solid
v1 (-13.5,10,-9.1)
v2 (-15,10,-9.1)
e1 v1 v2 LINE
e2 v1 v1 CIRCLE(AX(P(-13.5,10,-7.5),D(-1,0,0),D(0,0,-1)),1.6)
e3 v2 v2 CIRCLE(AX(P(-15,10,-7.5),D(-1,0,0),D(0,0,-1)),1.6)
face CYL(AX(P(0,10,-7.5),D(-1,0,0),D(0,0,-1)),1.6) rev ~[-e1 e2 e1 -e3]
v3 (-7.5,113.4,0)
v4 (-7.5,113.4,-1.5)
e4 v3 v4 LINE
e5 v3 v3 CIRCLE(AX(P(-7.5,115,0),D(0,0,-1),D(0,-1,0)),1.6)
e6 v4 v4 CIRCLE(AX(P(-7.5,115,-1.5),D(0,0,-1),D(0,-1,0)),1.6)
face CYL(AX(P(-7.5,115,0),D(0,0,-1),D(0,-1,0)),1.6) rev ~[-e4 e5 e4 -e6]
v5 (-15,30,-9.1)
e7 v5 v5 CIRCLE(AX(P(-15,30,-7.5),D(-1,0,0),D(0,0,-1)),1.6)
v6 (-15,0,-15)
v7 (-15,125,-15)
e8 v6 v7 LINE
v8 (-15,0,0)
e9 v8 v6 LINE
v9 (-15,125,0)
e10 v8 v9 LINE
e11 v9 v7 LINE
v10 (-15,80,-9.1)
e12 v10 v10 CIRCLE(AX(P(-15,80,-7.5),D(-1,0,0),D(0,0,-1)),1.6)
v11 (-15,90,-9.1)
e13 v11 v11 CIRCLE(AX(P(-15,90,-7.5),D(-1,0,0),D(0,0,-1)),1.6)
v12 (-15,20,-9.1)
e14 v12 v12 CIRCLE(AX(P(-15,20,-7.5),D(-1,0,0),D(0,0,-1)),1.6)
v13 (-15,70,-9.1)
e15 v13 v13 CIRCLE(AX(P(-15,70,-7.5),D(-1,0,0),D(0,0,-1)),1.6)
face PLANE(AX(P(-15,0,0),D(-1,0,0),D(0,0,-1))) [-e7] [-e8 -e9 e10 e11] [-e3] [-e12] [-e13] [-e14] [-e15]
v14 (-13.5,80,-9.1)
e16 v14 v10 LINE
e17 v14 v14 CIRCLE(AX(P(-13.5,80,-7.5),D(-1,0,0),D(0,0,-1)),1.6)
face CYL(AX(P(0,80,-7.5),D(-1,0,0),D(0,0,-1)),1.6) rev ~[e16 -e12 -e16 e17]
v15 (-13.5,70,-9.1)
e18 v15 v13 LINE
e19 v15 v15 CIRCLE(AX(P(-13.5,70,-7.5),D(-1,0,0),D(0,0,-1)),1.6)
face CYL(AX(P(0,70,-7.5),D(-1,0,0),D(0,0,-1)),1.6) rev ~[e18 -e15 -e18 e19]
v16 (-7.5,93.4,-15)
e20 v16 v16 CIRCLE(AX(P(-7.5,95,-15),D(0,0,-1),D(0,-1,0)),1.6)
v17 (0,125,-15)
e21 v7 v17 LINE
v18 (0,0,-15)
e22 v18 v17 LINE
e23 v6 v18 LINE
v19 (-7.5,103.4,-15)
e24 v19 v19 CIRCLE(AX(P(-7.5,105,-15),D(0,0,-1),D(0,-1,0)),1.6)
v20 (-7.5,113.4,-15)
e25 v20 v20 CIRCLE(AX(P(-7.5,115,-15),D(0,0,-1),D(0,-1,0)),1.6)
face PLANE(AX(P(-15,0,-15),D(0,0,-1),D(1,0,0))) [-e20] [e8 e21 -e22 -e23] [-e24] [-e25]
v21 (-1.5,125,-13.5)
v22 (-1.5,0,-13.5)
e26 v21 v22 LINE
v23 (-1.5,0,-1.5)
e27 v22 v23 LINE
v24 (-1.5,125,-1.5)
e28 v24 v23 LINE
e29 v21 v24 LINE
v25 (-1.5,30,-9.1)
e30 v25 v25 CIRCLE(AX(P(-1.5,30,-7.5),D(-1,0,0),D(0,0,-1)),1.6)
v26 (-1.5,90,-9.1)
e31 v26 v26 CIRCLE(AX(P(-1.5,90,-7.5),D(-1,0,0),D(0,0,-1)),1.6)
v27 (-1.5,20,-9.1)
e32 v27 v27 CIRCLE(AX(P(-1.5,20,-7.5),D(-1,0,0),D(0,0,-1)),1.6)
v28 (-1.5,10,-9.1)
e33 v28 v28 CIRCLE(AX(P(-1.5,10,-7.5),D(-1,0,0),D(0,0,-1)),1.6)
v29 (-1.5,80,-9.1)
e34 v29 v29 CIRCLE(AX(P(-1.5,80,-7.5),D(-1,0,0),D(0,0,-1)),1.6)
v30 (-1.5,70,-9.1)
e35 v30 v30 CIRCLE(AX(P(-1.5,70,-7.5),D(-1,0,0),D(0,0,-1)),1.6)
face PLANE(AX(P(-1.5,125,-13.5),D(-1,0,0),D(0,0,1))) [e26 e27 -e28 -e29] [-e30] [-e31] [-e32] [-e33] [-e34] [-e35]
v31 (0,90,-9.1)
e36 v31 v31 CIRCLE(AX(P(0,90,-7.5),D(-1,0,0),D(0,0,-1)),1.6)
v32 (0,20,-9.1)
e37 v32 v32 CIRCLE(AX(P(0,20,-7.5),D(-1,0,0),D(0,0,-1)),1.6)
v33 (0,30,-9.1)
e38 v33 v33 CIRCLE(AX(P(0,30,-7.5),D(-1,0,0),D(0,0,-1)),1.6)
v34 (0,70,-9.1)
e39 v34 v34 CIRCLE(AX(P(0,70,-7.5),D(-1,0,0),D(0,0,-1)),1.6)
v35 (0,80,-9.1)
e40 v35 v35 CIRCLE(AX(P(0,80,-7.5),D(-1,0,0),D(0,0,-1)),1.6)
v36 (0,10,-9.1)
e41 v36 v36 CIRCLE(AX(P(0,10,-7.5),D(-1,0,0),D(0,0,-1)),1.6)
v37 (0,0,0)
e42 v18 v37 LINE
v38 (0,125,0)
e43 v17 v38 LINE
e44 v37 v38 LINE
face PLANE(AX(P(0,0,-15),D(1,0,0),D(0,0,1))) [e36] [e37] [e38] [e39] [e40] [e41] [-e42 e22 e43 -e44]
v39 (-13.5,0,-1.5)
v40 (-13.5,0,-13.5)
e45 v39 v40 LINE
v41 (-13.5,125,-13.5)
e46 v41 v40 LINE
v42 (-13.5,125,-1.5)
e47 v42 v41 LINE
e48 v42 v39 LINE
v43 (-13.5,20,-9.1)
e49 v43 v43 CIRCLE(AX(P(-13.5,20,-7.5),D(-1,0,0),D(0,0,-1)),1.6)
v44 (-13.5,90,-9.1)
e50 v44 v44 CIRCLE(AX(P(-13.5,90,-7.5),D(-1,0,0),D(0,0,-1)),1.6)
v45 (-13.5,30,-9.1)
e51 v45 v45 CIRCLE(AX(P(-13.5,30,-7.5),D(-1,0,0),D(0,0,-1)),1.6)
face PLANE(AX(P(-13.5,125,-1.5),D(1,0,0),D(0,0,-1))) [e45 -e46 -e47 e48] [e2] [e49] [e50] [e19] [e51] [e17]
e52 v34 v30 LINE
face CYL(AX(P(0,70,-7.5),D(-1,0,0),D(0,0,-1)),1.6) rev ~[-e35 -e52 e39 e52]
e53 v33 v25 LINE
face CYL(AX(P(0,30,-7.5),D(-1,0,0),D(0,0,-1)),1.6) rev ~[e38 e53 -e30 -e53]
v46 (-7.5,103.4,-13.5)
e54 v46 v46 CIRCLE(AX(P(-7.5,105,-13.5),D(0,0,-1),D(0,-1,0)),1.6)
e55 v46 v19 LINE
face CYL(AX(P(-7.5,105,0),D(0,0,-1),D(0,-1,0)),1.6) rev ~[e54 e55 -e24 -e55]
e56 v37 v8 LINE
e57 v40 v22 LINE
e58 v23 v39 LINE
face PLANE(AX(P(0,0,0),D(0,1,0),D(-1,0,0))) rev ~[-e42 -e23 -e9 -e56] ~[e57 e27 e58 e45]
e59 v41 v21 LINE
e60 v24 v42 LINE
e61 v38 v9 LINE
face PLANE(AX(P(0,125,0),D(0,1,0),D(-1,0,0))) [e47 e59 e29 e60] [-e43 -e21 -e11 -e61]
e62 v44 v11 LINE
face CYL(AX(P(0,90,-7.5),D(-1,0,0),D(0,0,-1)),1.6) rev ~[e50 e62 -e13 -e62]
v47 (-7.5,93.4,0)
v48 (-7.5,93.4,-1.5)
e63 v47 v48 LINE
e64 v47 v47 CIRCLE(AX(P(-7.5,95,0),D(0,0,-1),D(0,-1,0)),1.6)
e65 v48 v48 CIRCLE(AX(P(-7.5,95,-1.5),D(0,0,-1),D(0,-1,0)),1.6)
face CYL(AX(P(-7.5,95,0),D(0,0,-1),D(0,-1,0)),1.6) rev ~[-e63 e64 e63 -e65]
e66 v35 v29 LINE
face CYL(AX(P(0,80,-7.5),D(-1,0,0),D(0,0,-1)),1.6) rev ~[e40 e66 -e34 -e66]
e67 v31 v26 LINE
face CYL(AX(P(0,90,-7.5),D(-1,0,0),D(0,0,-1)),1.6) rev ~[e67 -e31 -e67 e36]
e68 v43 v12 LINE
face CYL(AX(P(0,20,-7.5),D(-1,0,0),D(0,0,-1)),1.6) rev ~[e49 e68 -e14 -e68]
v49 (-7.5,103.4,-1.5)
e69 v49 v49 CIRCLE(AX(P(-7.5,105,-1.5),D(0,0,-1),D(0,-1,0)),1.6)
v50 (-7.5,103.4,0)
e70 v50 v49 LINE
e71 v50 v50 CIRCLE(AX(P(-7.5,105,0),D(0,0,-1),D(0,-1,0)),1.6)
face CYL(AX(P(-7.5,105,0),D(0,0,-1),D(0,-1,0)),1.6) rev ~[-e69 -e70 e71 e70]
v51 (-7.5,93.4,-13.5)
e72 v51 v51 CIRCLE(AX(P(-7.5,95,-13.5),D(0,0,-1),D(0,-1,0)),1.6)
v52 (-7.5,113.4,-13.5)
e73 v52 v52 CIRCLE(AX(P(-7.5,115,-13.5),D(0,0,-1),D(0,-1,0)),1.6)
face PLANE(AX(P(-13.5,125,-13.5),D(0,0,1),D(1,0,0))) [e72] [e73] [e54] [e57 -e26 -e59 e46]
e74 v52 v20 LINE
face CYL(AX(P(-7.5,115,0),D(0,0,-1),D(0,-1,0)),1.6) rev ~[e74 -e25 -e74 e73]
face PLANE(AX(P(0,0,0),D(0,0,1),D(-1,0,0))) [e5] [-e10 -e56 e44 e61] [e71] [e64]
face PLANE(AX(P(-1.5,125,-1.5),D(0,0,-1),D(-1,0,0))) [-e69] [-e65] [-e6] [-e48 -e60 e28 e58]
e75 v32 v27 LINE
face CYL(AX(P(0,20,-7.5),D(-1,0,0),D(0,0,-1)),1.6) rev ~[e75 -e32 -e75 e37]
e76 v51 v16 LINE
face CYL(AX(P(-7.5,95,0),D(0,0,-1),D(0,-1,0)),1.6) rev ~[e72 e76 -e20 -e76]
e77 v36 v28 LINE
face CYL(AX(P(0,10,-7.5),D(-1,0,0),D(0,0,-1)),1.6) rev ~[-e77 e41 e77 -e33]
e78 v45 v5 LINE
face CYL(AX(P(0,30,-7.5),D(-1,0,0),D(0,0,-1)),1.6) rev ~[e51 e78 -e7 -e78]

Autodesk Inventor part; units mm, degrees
ref_plane "YZ Plane" through (0, 0, 0) normal (1, 0, 0) x (0, 1, 0)
ref_plane "XZ Plane" through (0, 0, 0) normal (0, 1, 0) x (-1, 0, 0)
ref_plane "XY Plane" through (0, 0, 0) normal (0, 0, 1) x (1, 0, 0)
sketch "スケッチ1" plane through (0, 0, 0) normal (0, 1, 0) x (-1, 0, 0)
  line L0 (0, 0) -> (15, 0)
  line L1 (15, 0) -> (15, -15)
  line L2 (15, -15) -> (0, -15)
  line L3 (0, -15) -> (0, 0)
  dimension "d0" = 15
  dimension "d1" = 15
extrude "押し出し1" add sketch "スケッチ1" along normal blind 125
sketch "スケッチ2" plane through (-15, 0, 0) normal (0, 0, 1) x (1, 0, 0)
  line L0 (0, 125) -> (15, 125) projected
  line L1 (0, 0) -> (0, 125) projected
  point P0 (15, 0)
  point P1 (7.5, 115)
  point P2 (7.5, 105)
  point P3 (7.5, 95)
  dimension "d4" = 10
  dimension "d5" = 7.5
  dimension "d6" = 7.5
  dimension "d7" = 7.5
  dimension "d8" = 10
  dimension "d9" = 10
hole "穴1" at (-7.5, 115, 0) at (-7.5, 105, 0) at (-7.5, 95, 0) direction (0, 0, -1) diameter 3.2 end through all
sketch "スケッチ3" plane through (0, 0, 0) normal (1, 0, 0) x (0, 0, -1)
  line L0 (0, 125) -> (15, 125) projected
  line L1 (15, 0) -> (15, 125) projected
  line L2 (0, 0) -> (15, 0) projected
  point P0 (7.5, 90)
  point P1 (7.5, 80)
  point P2 (7.5, 70)
  point P3 (7.5, 30)
  point P4 (7.5, 20)
  point P5 (7.5, 10)
  dimension "d17" = 35
  dimension "d18" = 7.5
  dimension "d19" = 10
  dimension "d20" = 10
  dimension "d21" = 30
  dimension "d22" = 7.5
  dimension "d23" = 7.5
  dimension "d24" = 7.5
  dimension "d25" = 10
  dimension "d26" = 10
hole "穴2" at (0, 90, -7.5) at (0, 80, -7.5) at (0, 70, -7.5) at (0, 30, -7.5) at (0, 20, -7.5) at (0, 10, -7.5) direction (-1, 0, 0) diameter 3.2 end through all
sketch "スケッチ4" plane through (0, 125, 0) normal (0, 1, 0) x (1, 0, 0)
  line L0 (-13.5, 13.5) -> (-1.5, 13.5)
  line L1 (-1.5, 13.5) -> (-1.5, 1.5)
  line L2 (-1.5, 1.5) -> (-13.5, 1.5)
  line L3 (-13.5, 1.5) -> (-13.5, 13.5)
  line L4 (0, 15) -> (-15, 15) projected
  line L5 (-15, 15) -> (-15, 0) projected
  point P0 (0, 0)
  dimension "d34" = 12
  dimension "d35" = 12
  dimension "d36" = 1.5
  dimension "d37" = 1.5
extrude "押し出し2" cut sketch "スケッチ4" against normal blind 140
properties part number "射出_角柱11" material "アルミニウム 6061"
